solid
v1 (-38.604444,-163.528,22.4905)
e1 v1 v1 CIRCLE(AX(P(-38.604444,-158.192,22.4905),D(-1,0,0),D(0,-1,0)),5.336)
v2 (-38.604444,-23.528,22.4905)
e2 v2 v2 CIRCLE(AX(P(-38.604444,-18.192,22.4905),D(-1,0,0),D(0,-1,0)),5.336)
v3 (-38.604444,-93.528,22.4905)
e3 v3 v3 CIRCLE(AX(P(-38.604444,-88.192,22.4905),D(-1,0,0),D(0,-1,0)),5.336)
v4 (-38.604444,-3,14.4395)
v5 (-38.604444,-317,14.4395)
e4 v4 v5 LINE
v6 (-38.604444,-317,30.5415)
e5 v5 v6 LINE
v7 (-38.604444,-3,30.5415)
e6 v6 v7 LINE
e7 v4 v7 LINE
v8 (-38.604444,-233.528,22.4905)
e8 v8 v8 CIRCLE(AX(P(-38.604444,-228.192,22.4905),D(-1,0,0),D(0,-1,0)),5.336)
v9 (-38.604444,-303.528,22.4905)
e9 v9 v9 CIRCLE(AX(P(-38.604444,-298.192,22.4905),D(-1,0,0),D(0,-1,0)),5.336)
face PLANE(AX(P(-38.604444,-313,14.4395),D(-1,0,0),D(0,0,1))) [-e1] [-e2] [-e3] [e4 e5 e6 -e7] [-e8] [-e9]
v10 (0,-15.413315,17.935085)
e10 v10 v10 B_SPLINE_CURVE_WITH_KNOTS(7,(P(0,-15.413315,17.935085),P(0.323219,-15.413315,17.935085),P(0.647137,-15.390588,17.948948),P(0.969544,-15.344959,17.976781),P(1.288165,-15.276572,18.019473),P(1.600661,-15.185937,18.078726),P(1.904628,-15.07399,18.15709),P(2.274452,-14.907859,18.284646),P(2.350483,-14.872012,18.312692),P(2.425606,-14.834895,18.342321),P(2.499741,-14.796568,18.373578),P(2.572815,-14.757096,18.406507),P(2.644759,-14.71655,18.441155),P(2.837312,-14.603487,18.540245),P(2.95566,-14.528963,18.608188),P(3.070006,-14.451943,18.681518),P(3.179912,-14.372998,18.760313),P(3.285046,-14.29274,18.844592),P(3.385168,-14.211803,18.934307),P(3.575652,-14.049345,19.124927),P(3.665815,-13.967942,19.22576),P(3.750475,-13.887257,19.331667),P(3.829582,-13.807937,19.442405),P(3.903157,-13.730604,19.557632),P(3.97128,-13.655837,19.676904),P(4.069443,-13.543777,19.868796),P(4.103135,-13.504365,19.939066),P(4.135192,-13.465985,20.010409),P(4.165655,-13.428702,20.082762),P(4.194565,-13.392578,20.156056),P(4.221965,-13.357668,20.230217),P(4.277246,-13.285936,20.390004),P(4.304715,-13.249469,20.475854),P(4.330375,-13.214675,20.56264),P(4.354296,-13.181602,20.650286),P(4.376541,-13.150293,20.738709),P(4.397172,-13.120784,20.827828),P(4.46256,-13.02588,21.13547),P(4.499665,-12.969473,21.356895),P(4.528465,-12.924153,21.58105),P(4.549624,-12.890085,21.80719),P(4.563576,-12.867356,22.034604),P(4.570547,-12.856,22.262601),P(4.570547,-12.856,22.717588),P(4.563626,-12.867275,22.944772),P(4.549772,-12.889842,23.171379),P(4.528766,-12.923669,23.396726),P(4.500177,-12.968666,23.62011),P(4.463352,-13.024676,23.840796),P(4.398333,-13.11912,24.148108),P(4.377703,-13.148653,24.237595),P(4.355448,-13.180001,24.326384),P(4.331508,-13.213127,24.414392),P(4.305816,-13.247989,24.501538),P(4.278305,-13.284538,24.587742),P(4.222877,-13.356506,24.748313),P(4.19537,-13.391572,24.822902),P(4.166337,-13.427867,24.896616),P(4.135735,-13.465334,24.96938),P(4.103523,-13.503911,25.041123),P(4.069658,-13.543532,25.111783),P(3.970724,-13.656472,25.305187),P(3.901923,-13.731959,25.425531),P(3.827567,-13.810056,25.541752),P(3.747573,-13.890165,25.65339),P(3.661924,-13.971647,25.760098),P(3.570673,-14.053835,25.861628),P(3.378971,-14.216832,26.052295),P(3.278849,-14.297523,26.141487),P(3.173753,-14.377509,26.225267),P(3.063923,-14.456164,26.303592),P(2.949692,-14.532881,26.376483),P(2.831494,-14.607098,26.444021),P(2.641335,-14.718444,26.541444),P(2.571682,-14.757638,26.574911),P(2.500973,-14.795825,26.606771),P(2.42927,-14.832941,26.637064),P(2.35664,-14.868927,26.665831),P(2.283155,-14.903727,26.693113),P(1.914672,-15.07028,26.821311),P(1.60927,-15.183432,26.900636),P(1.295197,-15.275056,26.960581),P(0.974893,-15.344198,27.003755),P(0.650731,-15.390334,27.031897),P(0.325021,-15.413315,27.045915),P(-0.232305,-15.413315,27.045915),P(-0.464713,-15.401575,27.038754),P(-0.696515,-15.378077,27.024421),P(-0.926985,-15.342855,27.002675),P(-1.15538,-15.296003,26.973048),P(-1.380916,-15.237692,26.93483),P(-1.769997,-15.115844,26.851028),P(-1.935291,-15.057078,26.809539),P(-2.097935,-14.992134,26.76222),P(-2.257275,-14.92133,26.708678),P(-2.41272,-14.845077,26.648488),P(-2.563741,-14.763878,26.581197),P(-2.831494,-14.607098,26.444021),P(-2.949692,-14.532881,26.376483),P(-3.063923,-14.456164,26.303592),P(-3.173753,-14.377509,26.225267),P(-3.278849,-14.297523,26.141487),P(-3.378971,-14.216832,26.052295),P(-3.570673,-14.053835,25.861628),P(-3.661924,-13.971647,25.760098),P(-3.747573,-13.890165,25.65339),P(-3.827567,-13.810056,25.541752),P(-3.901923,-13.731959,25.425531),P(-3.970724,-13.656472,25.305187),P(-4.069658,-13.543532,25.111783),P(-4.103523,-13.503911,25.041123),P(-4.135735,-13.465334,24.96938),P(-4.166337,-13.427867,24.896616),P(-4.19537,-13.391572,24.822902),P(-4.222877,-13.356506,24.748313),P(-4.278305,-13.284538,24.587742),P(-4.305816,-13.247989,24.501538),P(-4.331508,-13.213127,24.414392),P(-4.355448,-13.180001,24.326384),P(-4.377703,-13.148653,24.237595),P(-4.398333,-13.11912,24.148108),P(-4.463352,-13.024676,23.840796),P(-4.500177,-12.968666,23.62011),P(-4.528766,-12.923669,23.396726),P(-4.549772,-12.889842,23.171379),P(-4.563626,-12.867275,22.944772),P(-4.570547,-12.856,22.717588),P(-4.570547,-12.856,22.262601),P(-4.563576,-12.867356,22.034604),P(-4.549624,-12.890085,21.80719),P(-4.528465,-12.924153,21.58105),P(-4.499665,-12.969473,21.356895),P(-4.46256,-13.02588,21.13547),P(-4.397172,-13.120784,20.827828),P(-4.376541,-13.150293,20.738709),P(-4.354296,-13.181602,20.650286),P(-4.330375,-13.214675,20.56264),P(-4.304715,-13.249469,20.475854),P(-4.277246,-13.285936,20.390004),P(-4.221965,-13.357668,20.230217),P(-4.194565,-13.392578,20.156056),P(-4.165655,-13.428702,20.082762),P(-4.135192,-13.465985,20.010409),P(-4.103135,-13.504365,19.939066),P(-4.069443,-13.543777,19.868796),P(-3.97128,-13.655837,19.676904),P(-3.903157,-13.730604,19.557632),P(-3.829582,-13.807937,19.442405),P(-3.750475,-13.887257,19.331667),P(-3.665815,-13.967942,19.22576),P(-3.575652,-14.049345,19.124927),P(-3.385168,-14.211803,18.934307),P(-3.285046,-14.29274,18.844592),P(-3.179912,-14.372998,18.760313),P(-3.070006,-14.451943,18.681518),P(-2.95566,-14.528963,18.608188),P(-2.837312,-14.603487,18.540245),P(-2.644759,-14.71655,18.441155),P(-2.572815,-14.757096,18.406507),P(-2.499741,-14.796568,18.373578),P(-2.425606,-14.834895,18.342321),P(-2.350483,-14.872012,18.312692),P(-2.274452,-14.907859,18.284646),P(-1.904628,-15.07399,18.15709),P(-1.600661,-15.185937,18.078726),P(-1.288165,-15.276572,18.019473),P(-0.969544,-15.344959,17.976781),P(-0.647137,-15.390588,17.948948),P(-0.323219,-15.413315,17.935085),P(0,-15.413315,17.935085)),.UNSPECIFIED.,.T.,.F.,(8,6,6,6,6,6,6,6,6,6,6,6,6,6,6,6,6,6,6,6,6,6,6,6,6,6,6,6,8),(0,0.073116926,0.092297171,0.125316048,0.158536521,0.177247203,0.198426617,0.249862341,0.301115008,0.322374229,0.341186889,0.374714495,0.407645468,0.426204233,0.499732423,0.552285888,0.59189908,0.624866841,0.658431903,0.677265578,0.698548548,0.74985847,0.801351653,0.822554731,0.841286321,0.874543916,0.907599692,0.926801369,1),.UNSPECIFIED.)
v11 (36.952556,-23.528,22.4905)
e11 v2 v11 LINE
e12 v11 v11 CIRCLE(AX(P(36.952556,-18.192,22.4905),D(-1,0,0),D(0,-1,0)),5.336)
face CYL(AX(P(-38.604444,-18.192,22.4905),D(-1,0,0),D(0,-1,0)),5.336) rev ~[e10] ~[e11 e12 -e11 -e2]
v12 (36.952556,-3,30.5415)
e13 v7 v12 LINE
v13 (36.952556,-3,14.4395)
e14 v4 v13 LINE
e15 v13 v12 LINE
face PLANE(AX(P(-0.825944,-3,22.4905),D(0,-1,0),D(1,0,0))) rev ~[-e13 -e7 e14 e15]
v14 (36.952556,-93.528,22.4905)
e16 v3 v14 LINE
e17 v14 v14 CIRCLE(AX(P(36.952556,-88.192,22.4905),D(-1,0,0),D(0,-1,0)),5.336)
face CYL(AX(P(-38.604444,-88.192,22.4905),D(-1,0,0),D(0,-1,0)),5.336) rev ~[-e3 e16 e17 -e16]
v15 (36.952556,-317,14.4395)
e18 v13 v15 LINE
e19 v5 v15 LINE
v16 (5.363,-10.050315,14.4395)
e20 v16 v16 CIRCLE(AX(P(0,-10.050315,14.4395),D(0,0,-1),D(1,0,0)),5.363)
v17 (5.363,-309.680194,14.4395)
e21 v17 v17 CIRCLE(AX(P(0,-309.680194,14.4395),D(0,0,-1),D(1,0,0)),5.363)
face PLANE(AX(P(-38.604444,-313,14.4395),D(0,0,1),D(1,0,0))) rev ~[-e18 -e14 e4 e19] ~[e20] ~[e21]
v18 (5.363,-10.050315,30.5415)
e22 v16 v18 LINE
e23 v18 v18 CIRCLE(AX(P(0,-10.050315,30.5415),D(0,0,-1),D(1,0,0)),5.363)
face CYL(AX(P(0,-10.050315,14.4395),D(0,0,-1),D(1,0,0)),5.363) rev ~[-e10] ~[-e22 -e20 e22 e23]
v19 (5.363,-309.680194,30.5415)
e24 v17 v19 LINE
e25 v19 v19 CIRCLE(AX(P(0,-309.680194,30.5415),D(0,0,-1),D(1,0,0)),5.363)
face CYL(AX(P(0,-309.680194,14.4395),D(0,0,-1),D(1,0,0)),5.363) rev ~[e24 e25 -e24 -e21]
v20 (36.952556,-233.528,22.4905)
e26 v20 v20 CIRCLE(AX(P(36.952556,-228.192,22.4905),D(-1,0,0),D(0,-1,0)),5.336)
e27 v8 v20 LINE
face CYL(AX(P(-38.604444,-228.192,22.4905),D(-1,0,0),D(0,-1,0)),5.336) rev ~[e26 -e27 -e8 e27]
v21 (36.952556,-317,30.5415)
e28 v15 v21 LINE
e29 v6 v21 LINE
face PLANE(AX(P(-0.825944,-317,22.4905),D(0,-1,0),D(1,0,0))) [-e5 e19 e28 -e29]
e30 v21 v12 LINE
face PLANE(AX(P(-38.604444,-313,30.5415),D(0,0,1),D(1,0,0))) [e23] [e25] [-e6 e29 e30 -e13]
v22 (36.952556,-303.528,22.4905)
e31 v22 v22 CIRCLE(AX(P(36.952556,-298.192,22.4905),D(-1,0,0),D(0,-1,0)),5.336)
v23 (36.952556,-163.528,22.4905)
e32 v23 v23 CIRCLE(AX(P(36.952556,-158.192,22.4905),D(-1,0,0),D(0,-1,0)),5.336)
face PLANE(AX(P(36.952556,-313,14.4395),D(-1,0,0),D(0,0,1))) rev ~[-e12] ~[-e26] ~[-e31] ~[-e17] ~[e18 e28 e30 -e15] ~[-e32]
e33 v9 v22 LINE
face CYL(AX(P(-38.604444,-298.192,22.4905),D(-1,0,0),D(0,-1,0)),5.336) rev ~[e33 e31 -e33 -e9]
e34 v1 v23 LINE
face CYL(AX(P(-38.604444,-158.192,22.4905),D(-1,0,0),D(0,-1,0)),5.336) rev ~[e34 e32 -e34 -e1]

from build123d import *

# Parameters (mm, degrees)
F0_W     = 75.557
F0_H     = 16.102
F1_DEPTH = 313
F2_R     = 5.336
F3_DEPTH = 75.558
F4_DEPTH = 4
F5_DEPTH = 3
F6_R     = 5.363
F7_DEPTH = 25
F8_R     = 5.363
F9_DEPTH = 25


with BuildPart() as f1:
    # F0 (on Front) → F1 (new body)
    with BuildSketch(Plane.XZ):
        with Locations((-0.825944015, 22.4905000767)):
            Rectangle(F0_W, F0_H)
    extrude(amount=F1_DEPTH)

    # F2 (on face) → F3 (cut, through all)
    with BuildSketch(Plane(origin=(-38.604444015, 0, 0), x_dir=(0, -1, 0), z_dir=(-1, 0, 0))):
        with Locations((18.192, 22.4905000767)):
            Circle(F2_R)
        with Locations((88.192, 22.4905000767)):
            Circle(F2_R)
        with Locations((158.192, 22.4905000767)):
            Circle(F2_R)
        with Locations((228.192, 22.4905000767)):
            Circle(F2_R)
        with Locations((298.192, 22.4905000767)):
            Circle(F2_R)
    extrude(amount=-F3_DEPTH, mode=Mode.SUBTRACT)

    # F4 (add): a face of the model
    f4_faces = [f1.faces().sort_by_distance(p)[0] for p in [
        (-0.825944015, -313, 22.4905000767),
    ]]
    extrude(f4_faces, amount=F4_DEPTH)

    # F5 (cut): a face of the model
    f5_faces = [f1.faces().sort_by_distance(p)[0] for p in [
        (-0.825944015, 0, 22.4905000767),
    ]]
    extrude(f5_faces, amount=-F5_DEPTH, mode=Mode.SUBTRACT)

    # F6 (on face) → F7 (cut)
    with BuildSketch(Plane(origin=(0, 0, 14.4395000767), x_dir=(1, 0, 0), z_dir=(0, 0, -1))):
        with Locations((0, 309.6801936626)):
            Circle(F6_R)
    extrude(amount=-F7_DEPTH, mode=Mode.SUBTRACT)

    # F8 (on face) → F9 (cut)
    with BuildSketch(Plane(origin=(0, 0, 14.4395000767), x_dir=(1, 0, 0), z_dir=(0, 0, -1))):
        with Locations((0, 10.0503147011)):
            Circle(F8_R)
    extrude(amount=-F9_DEPTH, mode=Mode.SUBTRACT)


solid = f1.part
